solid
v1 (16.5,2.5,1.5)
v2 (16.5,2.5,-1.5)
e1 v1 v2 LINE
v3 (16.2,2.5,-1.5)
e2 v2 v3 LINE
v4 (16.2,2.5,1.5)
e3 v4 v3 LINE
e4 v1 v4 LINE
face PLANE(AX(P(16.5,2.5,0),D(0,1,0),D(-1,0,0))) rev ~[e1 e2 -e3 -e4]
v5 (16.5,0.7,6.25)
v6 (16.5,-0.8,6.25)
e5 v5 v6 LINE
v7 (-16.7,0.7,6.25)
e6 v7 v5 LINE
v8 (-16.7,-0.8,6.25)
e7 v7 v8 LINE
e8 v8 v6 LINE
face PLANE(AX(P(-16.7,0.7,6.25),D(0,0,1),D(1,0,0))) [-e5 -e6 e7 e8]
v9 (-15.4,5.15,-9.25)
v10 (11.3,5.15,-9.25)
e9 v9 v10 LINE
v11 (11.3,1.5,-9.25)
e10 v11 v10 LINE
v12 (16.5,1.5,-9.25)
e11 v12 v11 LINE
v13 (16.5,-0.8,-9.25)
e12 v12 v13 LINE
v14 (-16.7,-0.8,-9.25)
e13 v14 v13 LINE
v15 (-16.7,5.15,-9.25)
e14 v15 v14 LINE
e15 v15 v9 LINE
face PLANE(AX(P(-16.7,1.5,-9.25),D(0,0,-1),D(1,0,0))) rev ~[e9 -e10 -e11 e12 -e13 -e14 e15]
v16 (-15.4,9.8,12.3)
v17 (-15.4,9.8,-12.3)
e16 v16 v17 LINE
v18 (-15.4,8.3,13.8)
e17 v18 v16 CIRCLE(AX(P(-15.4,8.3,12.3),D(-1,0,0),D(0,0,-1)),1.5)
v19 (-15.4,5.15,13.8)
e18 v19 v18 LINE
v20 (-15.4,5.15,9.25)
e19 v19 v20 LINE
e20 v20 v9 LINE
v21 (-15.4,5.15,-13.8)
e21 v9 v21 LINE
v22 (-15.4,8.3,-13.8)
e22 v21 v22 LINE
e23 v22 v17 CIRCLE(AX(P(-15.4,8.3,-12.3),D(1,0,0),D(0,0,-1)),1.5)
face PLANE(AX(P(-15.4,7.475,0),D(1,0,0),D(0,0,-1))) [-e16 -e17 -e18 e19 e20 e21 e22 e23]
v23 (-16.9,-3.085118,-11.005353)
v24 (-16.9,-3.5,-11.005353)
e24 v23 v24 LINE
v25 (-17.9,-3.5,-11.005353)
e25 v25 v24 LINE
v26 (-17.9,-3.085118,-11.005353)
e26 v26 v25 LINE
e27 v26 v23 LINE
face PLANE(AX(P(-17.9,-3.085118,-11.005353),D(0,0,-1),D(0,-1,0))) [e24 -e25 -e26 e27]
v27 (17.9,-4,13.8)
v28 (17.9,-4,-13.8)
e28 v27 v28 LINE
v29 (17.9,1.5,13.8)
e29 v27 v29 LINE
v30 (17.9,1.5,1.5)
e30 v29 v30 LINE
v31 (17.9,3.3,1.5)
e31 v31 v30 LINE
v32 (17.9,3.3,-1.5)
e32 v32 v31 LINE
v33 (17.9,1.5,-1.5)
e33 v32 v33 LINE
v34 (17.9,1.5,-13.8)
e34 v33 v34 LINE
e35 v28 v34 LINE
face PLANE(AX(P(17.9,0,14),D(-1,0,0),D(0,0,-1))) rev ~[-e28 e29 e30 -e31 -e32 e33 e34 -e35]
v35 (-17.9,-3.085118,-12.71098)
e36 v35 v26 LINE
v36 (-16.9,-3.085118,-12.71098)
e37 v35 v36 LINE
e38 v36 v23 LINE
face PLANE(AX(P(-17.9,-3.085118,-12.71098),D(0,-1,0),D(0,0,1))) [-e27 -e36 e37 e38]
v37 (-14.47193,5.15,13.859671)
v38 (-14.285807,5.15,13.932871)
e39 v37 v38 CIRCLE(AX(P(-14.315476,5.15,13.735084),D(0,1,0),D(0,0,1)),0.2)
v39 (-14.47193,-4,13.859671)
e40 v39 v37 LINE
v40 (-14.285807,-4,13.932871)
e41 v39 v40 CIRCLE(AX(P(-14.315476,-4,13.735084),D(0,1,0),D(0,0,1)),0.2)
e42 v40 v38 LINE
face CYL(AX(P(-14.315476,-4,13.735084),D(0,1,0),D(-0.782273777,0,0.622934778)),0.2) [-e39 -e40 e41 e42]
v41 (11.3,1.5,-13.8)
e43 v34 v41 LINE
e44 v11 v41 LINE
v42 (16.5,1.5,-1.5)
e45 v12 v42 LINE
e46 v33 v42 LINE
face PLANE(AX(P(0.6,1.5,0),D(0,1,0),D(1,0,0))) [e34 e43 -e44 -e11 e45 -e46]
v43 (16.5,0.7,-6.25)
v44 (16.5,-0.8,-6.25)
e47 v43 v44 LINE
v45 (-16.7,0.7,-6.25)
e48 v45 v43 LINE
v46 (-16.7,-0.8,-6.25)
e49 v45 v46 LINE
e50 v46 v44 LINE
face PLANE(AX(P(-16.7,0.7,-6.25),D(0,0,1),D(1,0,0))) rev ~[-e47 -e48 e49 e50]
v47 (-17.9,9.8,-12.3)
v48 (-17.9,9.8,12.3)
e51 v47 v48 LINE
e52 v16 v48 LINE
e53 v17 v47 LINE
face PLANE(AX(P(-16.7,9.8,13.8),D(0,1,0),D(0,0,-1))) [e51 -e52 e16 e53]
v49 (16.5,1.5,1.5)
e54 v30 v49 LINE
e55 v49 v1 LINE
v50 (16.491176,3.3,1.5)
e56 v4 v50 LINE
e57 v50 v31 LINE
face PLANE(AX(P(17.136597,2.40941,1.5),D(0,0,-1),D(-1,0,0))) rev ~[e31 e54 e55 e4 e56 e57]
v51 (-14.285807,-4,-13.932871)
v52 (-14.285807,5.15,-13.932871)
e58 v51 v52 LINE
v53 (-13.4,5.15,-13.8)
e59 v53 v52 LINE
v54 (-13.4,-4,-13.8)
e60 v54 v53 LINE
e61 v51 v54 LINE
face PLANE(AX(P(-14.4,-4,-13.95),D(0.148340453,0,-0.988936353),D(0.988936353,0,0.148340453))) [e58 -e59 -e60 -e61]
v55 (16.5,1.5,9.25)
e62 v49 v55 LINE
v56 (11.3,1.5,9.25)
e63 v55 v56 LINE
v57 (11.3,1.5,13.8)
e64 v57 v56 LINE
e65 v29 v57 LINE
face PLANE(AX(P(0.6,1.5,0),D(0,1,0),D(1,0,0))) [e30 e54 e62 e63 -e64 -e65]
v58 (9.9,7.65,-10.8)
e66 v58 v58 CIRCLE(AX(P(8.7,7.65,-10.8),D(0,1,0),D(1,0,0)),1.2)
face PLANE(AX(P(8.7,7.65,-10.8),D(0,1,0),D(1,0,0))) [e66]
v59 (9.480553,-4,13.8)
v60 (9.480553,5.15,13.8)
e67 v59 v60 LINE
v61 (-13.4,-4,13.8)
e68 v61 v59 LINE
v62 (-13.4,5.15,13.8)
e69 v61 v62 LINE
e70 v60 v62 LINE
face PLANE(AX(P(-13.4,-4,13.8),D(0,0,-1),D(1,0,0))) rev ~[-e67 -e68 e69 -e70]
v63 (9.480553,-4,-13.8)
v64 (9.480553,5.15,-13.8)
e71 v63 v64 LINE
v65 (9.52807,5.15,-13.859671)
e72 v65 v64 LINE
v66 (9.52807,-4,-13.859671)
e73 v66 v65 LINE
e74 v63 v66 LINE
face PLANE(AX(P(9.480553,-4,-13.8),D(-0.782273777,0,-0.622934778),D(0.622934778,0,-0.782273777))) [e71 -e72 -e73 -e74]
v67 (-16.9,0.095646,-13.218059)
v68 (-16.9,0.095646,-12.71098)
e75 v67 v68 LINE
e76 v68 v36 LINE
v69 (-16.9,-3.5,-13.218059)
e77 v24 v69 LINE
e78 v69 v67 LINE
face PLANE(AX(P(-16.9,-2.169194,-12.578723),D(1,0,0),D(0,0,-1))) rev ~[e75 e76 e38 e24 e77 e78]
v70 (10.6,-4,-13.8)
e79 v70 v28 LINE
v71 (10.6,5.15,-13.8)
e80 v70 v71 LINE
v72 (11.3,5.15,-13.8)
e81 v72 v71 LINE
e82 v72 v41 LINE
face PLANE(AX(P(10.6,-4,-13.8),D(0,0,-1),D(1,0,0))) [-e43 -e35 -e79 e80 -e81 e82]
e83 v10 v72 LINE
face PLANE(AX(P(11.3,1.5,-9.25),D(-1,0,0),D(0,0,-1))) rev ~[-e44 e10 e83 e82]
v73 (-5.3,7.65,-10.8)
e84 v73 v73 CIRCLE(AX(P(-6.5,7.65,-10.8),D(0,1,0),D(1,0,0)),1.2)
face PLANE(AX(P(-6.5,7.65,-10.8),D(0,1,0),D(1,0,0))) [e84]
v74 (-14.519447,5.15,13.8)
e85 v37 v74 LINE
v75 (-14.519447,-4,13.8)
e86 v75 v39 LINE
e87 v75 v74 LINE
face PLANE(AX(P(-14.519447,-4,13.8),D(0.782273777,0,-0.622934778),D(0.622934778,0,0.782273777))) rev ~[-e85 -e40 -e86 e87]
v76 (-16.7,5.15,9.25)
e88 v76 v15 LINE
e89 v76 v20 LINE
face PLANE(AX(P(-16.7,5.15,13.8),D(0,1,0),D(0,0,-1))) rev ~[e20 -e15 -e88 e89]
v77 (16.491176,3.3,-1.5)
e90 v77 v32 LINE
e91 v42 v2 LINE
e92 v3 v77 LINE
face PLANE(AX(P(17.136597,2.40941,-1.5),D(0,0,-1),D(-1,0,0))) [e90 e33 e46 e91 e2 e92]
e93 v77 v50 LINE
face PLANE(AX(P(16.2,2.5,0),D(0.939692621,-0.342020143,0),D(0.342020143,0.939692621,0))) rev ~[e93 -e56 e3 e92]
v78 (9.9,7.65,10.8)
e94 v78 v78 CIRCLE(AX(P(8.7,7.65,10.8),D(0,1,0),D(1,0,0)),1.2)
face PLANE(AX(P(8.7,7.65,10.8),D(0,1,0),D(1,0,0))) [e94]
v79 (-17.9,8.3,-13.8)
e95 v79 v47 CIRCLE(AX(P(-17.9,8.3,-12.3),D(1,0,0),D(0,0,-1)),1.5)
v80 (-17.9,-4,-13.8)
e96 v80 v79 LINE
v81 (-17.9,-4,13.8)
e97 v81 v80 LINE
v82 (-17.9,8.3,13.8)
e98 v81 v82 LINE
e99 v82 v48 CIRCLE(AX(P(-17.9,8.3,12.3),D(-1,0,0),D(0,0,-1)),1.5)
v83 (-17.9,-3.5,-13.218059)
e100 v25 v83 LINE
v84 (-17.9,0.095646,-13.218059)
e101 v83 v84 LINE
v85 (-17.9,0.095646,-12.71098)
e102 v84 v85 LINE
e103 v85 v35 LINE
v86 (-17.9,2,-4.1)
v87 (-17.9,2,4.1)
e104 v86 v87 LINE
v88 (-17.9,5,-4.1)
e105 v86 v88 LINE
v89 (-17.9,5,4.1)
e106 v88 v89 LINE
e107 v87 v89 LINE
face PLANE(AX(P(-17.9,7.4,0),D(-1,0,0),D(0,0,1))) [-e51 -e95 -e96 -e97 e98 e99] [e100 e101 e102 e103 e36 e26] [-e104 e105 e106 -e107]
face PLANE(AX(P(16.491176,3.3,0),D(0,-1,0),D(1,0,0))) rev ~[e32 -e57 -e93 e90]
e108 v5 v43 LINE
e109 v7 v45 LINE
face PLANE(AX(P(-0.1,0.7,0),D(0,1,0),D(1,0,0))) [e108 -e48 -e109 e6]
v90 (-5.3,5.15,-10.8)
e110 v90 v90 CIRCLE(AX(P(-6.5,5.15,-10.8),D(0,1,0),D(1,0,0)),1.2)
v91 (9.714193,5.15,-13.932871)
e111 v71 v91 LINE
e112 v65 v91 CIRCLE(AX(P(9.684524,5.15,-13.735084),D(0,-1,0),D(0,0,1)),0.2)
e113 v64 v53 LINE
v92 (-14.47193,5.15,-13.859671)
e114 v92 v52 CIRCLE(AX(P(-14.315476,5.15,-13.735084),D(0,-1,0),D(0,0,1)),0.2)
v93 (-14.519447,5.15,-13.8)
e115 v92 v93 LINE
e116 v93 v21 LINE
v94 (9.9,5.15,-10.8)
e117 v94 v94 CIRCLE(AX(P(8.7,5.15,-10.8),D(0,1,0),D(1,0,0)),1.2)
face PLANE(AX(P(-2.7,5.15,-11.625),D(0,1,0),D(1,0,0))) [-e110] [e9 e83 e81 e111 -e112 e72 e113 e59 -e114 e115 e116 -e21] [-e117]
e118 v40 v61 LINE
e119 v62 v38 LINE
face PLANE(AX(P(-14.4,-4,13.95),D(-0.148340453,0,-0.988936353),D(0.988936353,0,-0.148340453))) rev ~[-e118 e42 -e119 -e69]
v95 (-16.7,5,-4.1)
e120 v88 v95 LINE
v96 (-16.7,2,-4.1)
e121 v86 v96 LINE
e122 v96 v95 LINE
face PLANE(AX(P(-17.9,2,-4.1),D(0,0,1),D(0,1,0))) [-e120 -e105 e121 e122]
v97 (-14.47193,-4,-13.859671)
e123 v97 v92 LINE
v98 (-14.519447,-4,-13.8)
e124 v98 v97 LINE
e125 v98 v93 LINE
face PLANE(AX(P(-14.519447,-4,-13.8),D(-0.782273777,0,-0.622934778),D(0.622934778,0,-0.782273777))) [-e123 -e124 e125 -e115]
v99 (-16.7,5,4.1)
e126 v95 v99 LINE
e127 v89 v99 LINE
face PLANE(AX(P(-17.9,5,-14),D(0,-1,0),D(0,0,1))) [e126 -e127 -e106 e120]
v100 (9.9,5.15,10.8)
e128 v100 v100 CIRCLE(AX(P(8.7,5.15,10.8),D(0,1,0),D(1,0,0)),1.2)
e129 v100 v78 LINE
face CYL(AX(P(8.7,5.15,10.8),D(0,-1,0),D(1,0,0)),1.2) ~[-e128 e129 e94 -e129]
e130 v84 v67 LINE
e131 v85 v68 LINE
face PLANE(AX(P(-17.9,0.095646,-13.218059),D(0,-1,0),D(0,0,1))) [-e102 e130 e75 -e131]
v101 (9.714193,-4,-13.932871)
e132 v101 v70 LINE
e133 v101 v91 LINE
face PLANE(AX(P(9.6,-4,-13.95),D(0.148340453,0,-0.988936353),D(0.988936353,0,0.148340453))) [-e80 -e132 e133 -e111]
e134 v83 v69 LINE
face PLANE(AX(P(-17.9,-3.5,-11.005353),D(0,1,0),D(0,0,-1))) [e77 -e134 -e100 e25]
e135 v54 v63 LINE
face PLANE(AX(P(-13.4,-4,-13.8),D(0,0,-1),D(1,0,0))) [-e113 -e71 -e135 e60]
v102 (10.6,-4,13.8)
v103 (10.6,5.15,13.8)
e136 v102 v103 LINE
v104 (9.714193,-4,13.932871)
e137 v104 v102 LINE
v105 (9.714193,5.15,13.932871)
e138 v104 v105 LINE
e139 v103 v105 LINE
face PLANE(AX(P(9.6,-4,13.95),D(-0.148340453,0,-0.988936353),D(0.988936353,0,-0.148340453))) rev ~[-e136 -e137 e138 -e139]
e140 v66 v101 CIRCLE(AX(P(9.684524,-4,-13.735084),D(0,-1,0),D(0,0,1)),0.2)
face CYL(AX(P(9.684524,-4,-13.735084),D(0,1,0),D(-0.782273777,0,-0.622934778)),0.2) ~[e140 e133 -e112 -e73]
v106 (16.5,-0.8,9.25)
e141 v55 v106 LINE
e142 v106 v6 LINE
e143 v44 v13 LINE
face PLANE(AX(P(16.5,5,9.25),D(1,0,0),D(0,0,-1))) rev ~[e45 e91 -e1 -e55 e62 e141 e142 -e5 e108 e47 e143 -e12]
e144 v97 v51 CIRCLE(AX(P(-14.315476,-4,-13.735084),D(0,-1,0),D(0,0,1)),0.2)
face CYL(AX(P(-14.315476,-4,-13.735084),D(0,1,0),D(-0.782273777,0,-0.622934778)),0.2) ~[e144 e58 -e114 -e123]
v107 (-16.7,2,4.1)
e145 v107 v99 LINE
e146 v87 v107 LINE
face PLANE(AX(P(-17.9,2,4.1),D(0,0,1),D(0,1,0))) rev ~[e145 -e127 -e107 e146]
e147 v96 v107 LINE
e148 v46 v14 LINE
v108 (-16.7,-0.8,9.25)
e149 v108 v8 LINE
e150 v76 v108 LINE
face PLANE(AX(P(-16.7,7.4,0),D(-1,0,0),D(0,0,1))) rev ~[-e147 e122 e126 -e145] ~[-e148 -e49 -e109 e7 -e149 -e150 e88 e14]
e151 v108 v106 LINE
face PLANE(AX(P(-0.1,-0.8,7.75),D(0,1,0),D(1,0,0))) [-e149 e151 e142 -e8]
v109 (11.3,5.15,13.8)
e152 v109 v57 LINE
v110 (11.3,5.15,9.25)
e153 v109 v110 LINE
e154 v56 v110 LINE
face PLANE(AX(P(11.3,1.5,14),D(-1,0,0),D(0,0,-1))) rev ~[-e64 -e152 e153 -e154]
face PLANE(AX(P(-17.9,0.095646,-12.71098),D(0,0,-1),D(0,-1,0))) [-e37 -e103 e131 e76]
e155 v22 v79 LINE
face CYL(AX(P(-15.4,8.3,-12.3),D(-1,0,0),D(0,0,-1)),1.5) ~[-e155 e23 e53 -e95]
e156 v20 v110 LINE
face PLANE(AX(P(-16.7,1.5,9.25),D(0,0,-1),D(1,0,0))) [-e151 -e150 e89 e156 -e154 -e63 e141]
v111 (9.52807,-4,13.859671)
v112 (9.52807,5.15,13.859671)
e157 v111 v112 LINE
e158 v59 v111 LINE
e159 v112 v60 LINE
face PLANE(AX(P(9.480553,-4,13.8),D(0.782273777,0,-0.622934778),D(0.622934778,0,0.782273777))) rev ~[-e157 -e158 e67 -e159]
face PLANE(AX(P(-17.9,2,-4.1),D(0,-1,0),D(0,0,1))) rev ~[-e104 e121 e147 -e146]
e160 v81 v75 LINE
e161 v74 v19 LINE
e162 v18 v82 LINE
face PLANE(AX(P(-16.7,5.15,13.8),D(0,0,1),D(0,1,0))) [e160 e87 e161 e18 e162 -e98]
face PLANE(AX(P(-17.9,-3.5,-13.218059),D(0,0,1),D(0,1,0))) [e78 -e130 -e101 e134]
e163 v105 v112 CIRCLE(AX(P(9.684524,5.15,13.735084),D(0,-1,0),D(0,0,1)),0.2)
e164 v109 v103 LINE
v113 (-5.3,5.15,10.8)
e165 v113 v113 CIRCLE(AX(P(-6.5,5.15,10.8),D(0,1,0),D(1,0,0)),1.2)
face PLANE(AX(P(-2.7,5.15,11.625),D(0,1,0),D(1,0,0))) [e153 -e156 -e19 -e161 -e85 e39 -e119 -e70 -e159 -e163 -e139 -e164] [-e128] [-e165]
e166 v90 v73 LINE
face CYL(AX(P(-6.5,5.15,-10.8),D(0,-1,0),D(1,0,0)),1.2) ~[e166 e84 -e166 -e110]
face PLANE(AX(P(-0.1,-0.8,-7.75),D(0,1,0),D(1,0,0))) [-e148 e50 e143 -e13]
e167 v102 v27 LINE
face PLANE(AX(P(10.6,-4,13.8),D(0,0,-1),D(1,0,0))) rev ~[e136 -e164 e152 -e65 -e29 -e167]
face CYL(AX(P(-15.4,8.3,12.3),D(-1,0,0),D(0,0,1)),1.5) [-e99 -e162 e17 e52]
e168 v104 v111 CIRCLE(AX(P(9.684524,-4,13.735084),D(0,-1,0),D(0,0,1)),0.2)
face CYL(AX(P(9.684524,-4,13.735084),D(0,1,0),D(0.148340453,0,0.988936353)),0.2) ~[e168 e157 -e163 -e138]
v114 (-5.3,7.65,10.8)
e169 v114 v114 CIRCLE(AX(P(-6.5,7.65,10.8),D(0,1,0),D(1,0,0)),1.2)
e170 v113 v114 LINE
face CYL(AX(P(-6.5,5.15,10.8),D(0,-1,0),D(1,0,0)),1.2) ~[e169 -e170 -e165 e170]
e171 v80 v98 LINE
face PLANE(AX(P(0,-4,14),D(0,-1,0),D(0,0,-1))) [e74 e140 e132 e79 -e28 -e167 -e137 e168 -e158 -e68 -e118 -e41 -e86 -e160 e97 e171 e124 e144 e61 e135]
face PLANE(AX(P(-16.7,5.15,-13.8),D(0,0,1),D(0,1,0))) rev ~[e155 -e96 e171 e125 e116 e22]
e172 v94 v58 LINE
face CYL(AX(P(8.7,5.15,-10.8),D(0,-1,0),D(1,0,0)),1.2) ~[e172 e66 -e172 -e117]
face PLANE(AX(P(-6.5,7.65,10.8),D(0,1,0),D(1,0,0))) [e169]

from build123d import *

# Parameters (mm, degrees)
SKIZZE2_W                       = 28
SKIZZE2_H                       = 4
AUFSATZ_LINEAR_AUSTRAGEN2_DEPTH = 17.9
SKIZZE4_W                       = 35.8
SKIZZE4_H                       = 28
AUFSATZ_LINEAR_AUSTRAGEN3_DEPTH = 5
SKIZZE7_W                       = 8.2
SKIZZE7_H                       = 3
SCHNITT_LINEAR_AUSTRAGEN4_DEPTH = 1.5
SKIZZE5_W                       = 33.2
SKIZZE5_H                       = 18.5
SCHNITT_LINEAR_AUSTRAGEN2_DEPTH = 4.3
SKIZZE8_W                       = 34.6
SKIZZE8_H                       = 28
SCHNITT_LINEAR_AUSTRAGEN5_DEPTH = 3.5
AUFSATZ_LINEAR_AUSTRAGEN4_DEPTH = 1.5
SKIZZE9_W                       = 33.2
SKIZZE9_H                       = 3
SCHNITT_LINEAR_AUSTRAGEN6_DEPTH = 1.5
SKIZZE11_W                      = 28
SKIZZE11_H                      = 4.8
AUFSATZ_LINEAR_AUSTRAGEN5_DEPTH = 1.2
SKIZZE12_W                      = 28
SKIZZE12_H                      = 4.75
AUFSATZ_LINEAR_AUSTRAGEN6_DEPTH = 3.65
SKIZZE13_R                      = 1.2
AUFSATZ_LINEAR_AUSTRAGEN7_DEPTH = 2.5
LINEARES_MUSTER1_COUNT          = 2
LINEARES_MUSTER1_PITCH          = 15.2
LINEARES_MUSTER1_COUNT_DIR2     = 2
LINEARES_MUSTER1_PITCH_DIR2     = 21.6
SCHNITT_LINEAR_AUSTRAGEN7_DEPTH = 14.8
VERRUNDUNG1_R                   = 0.2
SKIZZE20_W                      = 27.6
SKIZZE20_H                      = 4.65
AUFSATZ_LINEAR_AUSTRAGEN8_DEPTH = 1.3
VERRUNDUNG2_R                   = 1.5
SCHNITT_LINEAR_AUSTRAGEN8_DEPTH = 1


with BuildPart() as part:
    # Skizze2 → Aufsatz-Linear austragen2 (new body, symmetric)
    with BuildSketch(Plane(origin=(0, 0, 0), x_dir=(0, 0, -1), z_dir=(1, 0, 0))):
        with Locations((0, -2)):
            Rectangle(SKIZZE2_W, SKIZZE2_H)
    extrude(amount=AUFSATZ_LINEAR_AUSTRAGEN2_DEPTH, both=True)

    # Skizze4 → Aufsatz-Linear austragen3 (add)
    with BuildSketch(Plane(origin=(0, 0, 0), x_dir=(1, 0, 0), z_dir=(0, 1, 0))):
        Rectangle(SKIZZE4_W, SKIZZE4_H)
    extrude(amount=AUFSATZ_LINEAR_AUSTRAGEN3_DEPTH)

    # Skizze7 → Schnitt-Linear austragen4 (cut)
    with BuildSketch(Plane.ZY.offset(17.9)):
        with Locations((0, 3.5)):
            Rectangle(SKIZZE7_W, SKIZZE7_H)
    extrude(amount=-SCHNITT_LINEAR_AUSTRAGEN4_DEPTH, mode=Mode.SUBTRACT)

    # Skizze5 → Schnitt-Linear austragen2 (cut)
    with BuildSketch(Plane(origin=(0, 5, 0), x_dir=(1, 0, 0), z_dir=(0, 1, 0))):
        with Locations((-0.1, 0)):
            Rectangle(SKIZZE5_W, SKIZZE5_H)
    extrude(amount=-SCHNITT_LINEAR_AUSTRAGEN2_DEPTH, mode=Mode.SUBTRACT)

    # Skizze8 → Schnitt-Linear austragen5 (cut)
    with BuildSketch(Plane(origin=(0, 5, 0), x_dir=(1, 0, 0), z_dir=(0, 1, 0))):
        with Locations((0.6, 0)):
            Rectangle(SKIZZE8_W, SKIZZE8_H)
    extrude(amount=-SCHNITT_LINEAR_AUSTRAGEN5_DEPTH, mode=Mode.SUBTRACT)

    # Skizze10 → Aufsatz-Linear austragen4 (add, symmetric)
    with BuildSketch(Plane.XY):
        Polygon((17.9, 1.5), (16.5, 1.5), (16.5, 2.5), (16.2, 2.5), (16.491176187, 3.3), (17.9, 3.3), align=None)
    extrude(amount=AUFSATZ_LINEAR_AUSTRAGEN4_DEPTH, both=True)

    # Skizze9 → Schnitt-Linear austragen6 (cut)
    with BuildSketch(Plane(origin=(0, 0.7, 0), x_dir=(1, 0, 0), z_dir=(0, 1, 0))):
        with Locations((-0.1, -7.75)):
            Rectangle(SKIZZE9_W, SKIZZE9_H)
        with Locations((-0.1, 7.75)):
            Rectangle(SKIZZE9_W, SKIZZE9_H)
    extrude(amount=-SCHNITT_LINEAR_AUSTRAGEN6_DEPTH, mode=Mode.SUBTRACT)

    # Skizze11 → Aufsatz-Linear austragen5 (add)
    with BuildSketch(Plane.ZY.offset(17.9)):
        with Locations((0, 7.4)):
            Rectangle(SKIZZE11_W, SKIZZE11_H)
    extrude(amount=-AUFSATZ_LINEAR_AUSTRAGEN5_DEPTH)

    # Skizze12 → Aufsatz-Linear austragen6 (add)
    with BuildSketch(Plane(origin=(0, 1.5, 0), x_dir=(1, 0, 0), z_dir=(0, 1, 0))):
        with Locations((-2.7, 11.625)):
            Rectangle(SKIZZE12_W, SKIZZE12_H)
        with Locations((-2.7, -11.625)):
            Rectangle(SKIZZE12_W, SKIZZE12_H)
    extrude(amount=AUFSATZ_LINEAR_AUSTRAGEN6_DEPTH)

    # Skizze13 → Aufsatz-Linear austragen7 (add)
    with BuildSketch(Plane(origin=(0, 5.15, 0), x_dir=(1, 0, 0), z_dir=(0, 1, 0))):
        with Locations((-6.5, 10.8)):
            Circle(SKIZZE13_R)
    aufsatz_linear_austragen7 = extrude(amount=AUFSATZ_LINEAR_AUSTRAGEN7_DEPTH)

    # Lineares Muster1: Aufsatz-Linear austragen7 2 × 2
    with Locations(*[(i * LINEARES_MUSTER1_PITCH, 0, j * LINEARES_MUSTER1_PITCH_DIR2) for i in range(LINEARES_MUSTER1_COUNT) for j in range(LINEARES_MUSTER1_COUNT_DIR2) if (i, j) != (0, 0)]):
        add(aufsatz_linear_austragen7)

    # Skizze14 → Schnitt-Linear austragen7 (cut, through all)
    with BuildSketch(Plane.XZ.offset(4)):
        Polygon((-17.9, -14), (-17.9, -13.8), (-14.51944695, -13.8), (-14.4, -13.95), (-13.4, -13.8), (9.48055305, -13.8), (9.6, -13.95), (10.6, -13.8), (17.9, -13.8), (17.9, -14), align=None)
        Polygon((10.6, 13.8), (17.9, 13.8), (17.9, 14), (-17.9, 14), (-17.9, 13.8), (-14.51944695, 13.8), (-14.4, 13.95), (-13.4, 13.8), (9.48055305, 13.8), (9.6, 13.95), align=None)
    extrude(amount=-SCHNITT_LINEAR_AUSTRAGEN7_DEPTH, mode=Mode.SUBTRACT)

    # Verrundung1
    verrundung1_edges = [part.edges().sort_by_distance(p)[0] for p in [
        (-14.4, 0.575, -13.95),
        (9.6, 0.575, -13.95),
        (9.6, 0.575, 13.95),
        (-14.4, 0.575, 13.95),
    ]]
    fillet(verrundung1_edges, radius=VERRUNDUNG1_R)

    # Skizze20 → Aufsatz-Linear austragen8 (add)
    with BuildSketch(Plane(origin=(-16.7, 0, 0), x_dir=(0, 0, -1), z_dir=(1, 0, 0))):
        with Locations((0, 7.475)):
            Rectangle(SKIZZE20_W, SKIZZE20_H)
    extrude(amount=AUFSATZ_LINEAR_AUSTRAGEN8_DEPTH)

    # Verrundung2
    verrundung2_edges = [part.edges().sort_by_distance(p)[0] for p in [
        (-16.65, 9.8, -13.8),
        (-16.65, 9.8, 13.8),
    ]]
    fillet(verrundung2_edges, radius=VERRUNDUNG2_R)

    # Skizze21 → Schnitt-Linear austragen8 (cut)
    with BuildSketch(Plane.ZY.offset(17.9)):
        Polygon((-13.218058581, -3.5), (-13.218058581, 0.095646159), (-12.710980277, 0.095646159), (-12.710980277, -3.085117751), (-11.005353253, -3.085117751), (-11.005353253, -3.5), align=None)
    extrude(amount=-SCHNITT_LINEAR_AUSTRAGEN8_DEPTH, mode=Mode.SUBTRACT)


solid = part.part
